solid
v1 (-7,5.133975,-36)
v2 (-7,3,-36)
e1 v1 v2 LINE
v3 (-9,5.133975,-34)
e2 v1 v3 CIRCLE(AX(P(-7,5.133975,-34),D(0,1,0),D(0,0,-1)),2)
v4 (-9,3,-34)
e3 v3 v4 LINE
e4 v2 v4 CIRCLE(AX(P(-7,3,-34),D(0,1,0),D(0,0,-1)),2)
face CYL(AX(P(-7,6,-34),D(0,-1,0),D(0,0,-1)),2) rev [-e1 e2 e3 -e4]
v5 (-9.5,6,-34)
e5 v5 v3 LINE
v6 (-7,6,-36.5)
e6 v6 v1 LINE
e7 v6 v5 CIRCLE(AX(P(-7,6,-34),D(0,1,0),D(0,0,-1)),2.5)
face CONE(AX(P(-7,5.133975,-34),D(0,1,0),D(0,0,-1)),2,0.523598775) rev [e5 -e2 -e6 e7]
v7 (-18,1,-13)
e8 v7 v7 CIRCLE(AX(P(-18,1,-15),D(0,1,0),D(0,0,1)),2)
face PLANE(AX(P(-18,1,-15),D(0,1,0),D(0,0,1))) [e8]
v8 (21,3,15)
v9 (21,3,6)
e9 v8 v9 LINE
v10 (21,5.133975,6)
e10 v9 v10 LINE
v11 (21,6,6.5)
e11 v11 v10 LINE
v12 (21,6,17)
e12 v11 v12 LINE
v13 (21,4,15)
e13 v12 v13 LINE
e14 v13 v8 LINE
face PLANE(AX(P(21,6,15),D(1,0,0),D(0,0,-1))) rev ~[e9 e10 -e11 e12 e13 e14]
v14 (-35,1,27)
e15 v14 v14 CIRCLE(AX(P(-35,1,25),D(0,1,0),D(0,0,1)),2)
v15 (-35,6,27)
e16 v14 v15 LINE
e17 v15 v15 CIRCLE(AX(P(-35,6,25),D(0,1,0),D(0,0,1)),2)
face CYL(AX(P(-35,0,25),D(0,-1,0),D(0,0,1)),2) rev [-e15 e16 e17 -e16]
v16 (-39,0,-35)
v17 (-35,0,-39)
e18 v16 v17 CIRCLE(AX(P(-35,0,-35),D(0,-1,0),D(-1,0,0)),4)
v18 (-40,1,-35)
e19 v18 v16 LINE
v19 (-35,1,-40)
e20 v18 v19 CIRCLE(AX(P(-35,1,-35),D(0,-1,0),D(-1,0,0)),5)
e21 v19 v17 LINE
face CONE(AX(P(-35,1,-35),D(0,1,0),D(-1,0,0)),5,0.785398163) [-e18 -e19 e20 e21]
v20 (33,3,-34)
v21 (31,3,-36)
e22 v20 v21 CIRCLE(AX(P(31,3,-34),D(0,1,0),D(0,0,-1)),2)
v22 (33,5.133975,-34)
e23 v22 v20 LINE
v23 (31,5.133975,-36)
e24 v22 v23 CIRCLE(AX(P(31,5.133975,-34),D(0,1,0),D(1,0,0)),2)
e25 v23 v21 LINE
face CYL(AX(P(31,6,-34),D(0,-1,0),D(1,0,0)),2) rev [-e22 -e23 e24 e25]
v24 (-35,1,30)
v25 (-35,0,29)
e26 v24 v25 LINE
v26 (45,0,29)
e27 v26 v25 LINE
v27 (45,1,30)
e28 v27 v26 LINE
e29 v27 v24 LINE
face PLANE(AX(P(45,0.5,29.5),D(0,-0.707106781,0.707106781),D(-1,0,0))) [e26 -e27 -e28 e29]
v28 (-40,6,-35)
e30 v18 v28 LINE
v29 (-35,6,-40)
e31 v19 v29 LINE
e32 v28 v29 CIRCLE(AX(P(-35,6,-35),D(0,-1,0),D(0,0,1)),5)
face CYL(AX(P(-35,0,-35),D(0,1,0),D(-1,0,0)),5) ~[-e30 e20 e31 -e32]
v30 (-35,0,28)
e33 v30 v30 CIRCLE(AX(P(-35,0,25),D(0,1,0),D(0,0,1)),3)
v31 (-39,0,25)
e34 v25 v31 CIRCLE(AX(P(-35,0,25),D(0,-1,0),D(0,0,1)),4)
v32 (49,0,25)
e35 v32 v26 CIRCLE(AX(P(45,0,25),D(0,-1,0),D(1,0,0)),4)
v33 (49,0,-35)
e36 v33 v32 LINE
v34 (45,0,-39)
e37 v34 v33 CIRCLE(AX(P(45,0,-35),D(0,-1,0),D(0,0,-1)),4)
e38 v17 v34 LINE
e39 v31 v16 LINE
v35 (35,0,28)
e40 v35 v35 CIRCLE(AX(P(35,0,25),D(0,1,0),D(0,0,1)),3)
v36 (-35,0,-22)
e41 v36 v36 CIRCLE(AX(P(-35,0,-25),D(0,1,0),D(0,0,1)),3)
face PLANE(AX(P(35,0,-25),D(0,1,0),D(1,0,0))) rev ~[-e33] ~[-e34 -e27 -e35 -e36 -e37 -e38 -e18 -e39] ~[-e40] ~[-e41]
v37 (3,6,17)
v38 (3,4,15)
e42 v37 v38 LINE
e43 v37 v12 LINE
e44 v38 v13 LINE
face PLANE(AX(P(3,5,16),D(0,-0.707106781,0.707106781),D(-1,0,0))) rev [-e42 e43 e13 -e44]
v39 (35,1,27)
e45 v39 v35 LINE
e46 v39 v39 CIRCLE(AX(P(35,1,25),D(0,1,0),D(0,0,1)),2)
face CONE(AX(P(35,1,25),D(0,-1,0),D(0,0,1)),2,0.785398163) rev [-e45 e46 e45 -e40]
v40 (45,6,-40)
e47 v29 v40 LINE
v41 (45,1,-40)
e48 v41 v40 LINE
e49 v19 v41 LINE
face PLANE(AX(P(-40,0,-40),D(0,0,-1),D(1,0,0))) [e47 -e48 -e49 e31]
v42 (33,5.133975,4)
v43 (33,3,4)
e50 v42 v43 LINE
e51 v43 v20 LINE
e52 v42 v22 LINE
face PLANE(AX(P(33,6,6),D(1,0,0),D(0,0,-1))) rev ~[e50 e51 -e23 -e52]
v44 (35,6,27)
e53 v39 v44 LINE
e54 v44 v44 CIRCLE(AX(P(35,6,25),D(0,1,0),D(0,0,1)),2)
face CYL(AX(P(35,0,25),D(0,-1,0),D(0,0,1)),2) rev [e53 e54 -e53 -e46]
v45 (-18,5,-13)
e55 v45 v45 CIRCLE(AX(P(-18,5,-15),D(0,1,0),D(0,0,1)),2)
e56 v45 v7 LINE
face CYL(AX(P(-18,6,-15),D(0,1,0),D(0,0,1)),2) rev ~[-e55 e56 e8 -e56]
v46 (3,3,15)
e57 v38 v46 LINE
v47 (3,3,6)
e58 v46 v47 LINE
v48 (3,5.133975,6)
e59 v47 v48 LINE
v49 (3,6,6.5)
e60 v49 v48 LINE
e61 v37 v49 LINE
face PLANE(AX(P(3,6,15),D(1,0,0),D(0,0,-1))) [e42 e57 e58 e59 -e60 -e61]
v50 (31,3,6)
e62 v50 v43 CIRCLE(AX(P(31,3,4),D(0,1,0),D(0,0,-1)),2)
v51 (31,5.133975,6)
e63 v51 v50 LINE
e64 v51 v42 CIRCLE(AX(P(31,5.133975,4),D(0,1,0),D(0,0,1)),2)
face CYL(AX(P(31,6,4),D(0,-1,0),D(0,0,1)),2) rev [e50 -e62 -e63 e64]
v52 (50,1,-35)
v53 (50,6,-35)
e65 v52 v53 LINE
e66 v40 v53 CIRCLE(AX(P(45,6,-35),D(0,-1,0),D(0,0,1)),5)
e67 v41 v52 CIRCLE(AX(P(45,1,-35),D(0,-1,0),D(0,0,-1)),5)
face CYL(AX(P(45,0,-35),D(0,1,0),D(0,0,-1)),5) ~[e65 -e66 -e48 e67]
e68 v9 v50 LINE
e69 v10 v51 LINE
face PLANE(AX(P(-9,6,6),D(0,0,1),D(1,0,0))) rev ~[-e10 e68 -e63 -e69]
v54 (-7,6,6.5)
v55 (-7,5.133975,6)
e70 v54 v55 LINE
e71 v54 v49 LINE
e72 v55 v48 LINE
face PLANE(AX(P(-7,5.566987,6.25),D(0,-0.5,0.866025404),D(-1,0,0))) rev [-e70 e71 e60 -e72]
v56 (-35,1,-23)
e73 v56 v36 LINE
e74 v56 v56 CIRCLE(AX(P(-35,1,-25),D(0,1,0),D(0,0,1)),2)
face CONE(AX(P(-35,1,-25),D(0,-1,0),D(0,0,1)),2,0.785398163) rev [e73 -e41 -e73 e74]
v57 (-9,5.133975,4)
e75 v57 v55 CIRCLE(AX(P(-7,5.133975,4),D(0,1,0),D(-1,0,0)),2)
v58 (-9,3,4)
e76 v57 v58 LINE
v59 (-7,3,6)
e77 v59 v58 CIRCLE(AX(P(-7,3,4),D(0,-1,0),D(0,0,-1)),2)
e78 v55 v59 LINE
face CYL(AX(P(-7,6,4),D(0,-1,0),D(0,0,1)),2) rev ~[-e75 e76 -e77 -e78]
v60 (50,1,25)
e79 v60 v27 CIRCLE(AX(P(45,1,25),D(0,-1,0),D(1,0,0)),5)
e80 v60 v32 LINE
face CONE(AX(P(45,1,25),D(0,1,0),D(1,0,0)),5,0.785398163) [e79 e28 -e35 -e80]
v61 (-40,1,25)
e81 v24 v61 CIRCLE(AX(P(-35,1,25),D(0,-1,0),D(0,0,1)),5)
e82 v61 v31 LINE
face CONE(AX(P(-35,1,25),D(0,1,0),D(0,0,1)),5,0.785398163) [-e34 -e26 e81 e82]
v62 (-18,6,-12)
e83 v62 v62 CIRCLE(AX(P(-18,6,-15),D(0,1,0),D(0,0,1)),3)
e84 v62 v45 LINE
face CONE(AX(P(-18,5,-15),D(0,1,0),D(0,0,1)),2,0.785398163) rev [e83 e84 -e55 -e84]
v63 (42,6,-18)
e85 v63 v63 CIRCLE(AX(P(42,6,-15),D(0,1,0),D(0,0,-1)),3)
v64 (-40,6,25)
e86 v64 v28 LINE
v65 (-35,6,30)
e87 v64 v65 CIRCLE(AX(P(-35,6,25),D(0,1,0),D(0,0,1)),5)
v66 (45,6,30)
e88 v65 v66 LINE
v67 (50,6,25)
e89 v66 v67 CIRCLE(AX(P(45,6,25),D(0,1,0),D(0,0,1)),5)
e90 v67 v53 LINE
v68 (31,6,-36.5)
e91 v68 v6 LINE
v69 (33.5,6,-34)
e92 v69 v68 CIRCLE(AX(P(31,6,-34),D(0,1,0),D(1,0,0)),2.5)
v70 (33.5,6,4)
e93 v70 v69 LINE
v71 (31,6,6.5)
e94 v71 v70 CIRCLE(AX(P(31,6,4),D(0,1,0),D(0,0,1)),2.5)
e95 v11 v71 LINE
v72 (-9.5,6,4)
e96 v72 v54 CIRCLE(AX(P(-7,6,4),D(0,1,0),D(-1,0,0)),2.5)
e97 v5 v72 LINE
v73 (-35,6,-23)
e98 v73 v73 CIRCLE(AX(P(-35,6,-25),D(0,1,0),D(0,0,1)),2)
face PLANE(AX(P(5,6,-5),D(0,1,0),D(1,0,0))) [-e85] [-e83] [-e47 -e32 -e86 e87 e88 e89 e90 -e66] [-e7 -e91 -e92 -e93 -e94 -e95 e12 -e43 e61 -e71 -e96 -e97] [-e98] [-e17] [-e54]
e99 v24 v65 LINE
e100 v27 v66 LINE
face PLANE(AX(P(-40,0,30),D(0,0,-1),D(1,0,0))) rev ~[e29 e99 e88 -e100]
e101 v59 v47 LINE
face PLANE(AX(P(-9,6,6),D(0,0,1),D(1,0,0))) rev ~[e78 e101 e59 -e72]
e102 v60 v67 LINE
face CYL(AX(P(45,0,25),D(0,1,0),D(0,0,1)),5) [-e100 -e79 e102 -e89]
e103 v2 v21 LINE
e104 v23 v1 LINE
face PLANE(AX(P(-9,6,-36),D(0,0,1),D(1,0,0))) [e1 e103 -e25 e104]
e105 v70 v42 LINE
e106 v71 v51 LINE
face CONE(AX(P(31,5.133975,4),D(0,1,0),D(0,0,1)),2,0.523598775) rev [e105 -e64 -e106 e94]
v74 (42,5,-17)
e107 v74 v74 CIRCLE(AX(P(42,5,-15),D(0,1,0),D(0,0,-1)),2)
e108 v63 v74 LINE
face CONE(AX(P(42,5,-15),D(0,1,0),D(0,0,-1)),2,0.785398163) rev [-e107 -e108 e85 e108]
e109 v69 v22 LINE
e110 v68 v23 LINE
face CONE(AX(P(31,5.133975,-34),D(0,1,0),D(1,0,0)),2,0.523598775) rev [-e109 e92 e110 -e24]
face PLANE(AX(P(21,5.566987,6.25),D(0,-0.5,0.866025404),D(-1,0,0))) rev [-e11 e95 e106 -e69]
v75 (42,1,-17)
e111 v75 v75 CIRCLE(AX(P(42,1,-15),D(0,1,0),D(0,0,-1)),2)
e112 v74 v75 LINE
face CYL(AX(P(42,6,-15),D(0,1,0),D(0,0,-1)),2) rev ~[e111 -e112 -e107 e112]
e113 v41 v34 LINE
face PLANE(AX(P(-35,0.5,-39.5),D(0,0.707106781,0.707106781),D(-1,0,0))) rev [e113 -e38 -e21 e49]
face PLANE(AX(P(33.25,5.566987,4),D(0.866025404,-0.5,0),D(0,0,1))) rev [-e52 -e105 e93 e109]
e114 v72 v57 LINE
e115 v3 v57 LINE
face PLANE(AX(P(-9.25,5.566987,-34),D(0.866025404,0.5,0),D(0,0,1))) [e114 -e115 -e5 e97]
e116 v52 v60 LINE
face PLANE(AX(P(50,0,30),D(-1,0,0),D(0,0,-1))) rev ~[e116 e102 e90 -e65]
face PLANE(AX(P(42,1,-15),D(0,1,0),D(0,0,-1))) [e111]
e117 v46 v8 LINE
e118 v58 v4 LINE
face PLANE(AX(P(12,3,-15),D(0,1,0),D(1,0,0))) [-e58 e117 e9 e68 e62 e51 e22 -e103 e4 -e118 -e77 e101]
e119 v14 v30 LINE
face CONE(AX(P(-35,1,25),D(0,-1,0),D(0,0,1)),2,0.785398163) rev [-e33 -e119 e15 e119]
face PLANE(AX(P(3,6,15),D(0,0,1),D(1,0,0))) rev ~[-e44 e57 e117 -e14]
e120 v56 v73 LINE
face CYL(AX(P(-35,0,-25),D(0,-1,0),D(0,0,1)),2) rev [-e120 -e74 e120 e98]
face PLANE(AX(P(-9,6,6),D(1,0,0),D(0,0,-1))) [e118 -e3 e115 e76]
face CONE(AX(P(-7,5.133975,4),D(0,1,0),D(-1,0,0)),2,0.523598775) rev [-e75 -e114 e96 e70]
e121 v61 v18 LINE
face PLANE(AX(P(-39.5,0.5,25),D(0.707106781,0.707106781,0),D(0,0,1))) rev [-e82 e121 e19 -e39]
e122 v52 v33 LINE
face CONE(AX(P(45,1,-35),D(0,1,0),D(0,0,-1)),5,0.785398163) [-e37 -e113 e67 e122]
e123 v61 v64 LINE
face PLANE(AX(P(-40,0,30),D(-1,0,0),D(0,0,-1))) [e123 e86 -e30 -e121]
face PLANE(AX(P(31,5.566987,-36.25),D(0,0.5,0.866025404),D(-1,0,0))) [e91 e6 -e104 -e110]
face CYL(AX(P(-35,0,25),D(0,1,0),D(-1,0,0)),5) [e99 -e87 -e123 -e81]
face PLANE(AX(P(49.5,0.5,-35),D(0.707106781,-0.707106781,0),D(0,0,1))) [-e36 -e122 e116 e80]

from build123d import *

# Parameters (mm, degrees)
SKETCH_1_W          = 90
SKETCH_1_H          = 70
SKETCH_1_R          = 2
EXTRUDE_1_DEPTH     = 6
FILLET_1_R          = 5
SKETCH_2_W          = 42
SKETCH_2_H          = 42
CUT_EXTRUDE_1_DEPTH = 3
SKETCH_3_W          = 18
SKETCH_3_H          = 18
CUT_EXTRUDE_2_DEPTH = 3
FILLET_2_R          = 2
CHAMFER_1_SIZE      = 2
SKETCH_4_R          = 2
CUT_EXTRUDE_3_DEPTH = 5
CHAMFER_2_SIZE      = 1
CHAMFER_3_SIZE      = 1
CHAMFER_4_SIZE      = 0.5
CHAMFER_4_SIZE2     = 0.866025404


with BuildPart() as part:
    # Эскиз1 → Бобышка-Вытянуть1 (new body)
    # profile 1 of 2: a face of its own
    with BuildSketch(Plane(origin=(0, 0, 0), x_dir=(1, 0, 0), z_dir=(0, 1, 0))):
        with Locations((5, 5)):
            Rectangle(SKETCH_1_W, SKETCH_1_H)
        with Locations(Location((35, -25, 0), (0, 0, 270))):
            Circle(SKETCH_1_R, mode=Mode.SUBTRACT)
        with Locations(Location((-35, -25, 0), (0, 0, 270))):
            Circle(SKETCH_1_R, mode=Mode.SUBTRACT)
        with Locations((35, 25)):
            Circle(SKETCH_1_R, mode=Mode.SUBTRACT)
        with Locations(Location((-35, 25, 0), (0, 0, 270))):
            Circle(SKETCH_1_R, mode=Mode.SUBTRACT)
    # profile 2 of 2: a face of its own
    with BuildSketch(Plane(origin=(0, 0, 0), x_dir=(1, 0, 0), z_dir=(0, 1, 0))):
        with Locations((35, 25)):
            Circle(SKETCH_1_R)
    extrude(amount=EXTRUDE_1_DEPTH)

    # Скругление1
    fillet_1_edges = [part.edges().sort_by_distance(p)[0] for p in [
        (-40, 3, 30),
        (-40, 3, -40),
        (50, 3, -40),
        (50, 3, 30),
    ]]
    fillet(fillet_1_edges, radius=FILLET_1_R)

    # Эскиз2 → Вырез-Вытянуть1 (cut)
    with BuildSketch(Plane(origin=(0, 6, 0), x_dir=(1, 0, 0), z_dir=(0, 1, 0))):
        with Locations((12, 15)):
            Rectangle(SKETCH_2_W, SKETCH_2_H)
    extrude(amount=-CUT_EXTRUDE_1_DEPTH, mode=Mode.SUBTRACT)

    # Эскиз3 → Вырез-Вытянуть2 (cut)
    with BuildSketch(Plane(origin=(0, 6, 0), x_dir=(1, 0, 0), z_dir=(0, 1, 0))):
        with Locations((12, -6)):
            Rectangle(SKETCH_3_W, SKETCH_3_H)
    extrude(amount=-CUT_EXTRUDE_2_DEPTH, mode=Mode.SUBTRACT)

    # Скругление2
    fillet_2_edges = [part.edges().sort_by_distance(p)[0] for p in [
        (33, 4.5, -36),
        (33, 4.5, 6),
        (-9, 4.5, 6),
        (-9, 4.5, -36),
    ]]
    fillet(fillet_2_edges, radius=FILLET_2_R)

    # Фаска1
    chamfer_1_edges = [part.edges().sort_by_distance(p)[0] for p in [
        (12, 6, 15),
    ]]
    chamfer(chamfer_1_edges, length=CHAMFER_1_SIZE)

    # Эскиз4 → Вырез-Вытянуть3 (cut)
    with BuildSketch(Plane(origin=(0, 6, 0), x_dir=(1, 0, 0), z_dir=(0, 1, 0))):
        with Locations(Location((-18, 15, 0), (0, 0, 270))):
            Circle(SKETCH_4_R)
        with Locations(Location((42, 15, 0), (0, 0, 90))):
            Circle(SKETCH_4_R)
    extrude(amount=-CUT_EXTRUDE_3_DEPTH, mode=Mode.SUBTRACT)

    # Фаска2
    chamfer_2_edges = [part.edges().sort_by_distance(p)[0] for p in [
        (-18, 6, -17),
        (42, 6, -13),
    ]]
    chamfer(chamfer_2_edges, length=CHAMFER_2_SIZE)

    # Фаска3
    chamfer_3_edges = [part.edges().sort_by_distance(p)[0] for p in [
        (-35, 0, -27),
        (-35, 0, 23),
        (35, 0, 23),
        (-40, 0, -5),
        (5, 0, 30),
        (5, 0, -40),
        (50, 0, -5),
        (-38.535533906, 0, 28.535533906),
        (48.535533906, 0, 28.535533906),
        (48.535533906, 0, -38.535533906),
        (-38.535533906, 0, -38.535533906),
    ]]
    chamfer(chamfer_3_edges, length=CHAMFER_3_SIZE)

    # Фаска4
    chamfer_4_edges = [part.edges().sort_by_distance(p)[0] for p in [
        (26, 6, 6),
        (33, 6, -15),
        (-2, 6, 6),
        (-9, 6, -15),
        (12, 6, -36),
        (32.414213562, 6, 5.414213562),
        (-8.414213562, 6, 5.414213562),
        (-8.414213562, 6, -35.414213562),
        (32.414213562, 6, -35.414213562),
    ]]
    chamfer_4_side = [part.faces().sort_by_distance(p)[0] for p in [
        (-18, 6, -19.140175425),
    ]]
    chamfer(chamfer_4_edges, length=CHAMFER_4_SIZE, length2=CHAMFER_4_SIZE2, reference=chamfer_4_side[0])


solid = part.part
